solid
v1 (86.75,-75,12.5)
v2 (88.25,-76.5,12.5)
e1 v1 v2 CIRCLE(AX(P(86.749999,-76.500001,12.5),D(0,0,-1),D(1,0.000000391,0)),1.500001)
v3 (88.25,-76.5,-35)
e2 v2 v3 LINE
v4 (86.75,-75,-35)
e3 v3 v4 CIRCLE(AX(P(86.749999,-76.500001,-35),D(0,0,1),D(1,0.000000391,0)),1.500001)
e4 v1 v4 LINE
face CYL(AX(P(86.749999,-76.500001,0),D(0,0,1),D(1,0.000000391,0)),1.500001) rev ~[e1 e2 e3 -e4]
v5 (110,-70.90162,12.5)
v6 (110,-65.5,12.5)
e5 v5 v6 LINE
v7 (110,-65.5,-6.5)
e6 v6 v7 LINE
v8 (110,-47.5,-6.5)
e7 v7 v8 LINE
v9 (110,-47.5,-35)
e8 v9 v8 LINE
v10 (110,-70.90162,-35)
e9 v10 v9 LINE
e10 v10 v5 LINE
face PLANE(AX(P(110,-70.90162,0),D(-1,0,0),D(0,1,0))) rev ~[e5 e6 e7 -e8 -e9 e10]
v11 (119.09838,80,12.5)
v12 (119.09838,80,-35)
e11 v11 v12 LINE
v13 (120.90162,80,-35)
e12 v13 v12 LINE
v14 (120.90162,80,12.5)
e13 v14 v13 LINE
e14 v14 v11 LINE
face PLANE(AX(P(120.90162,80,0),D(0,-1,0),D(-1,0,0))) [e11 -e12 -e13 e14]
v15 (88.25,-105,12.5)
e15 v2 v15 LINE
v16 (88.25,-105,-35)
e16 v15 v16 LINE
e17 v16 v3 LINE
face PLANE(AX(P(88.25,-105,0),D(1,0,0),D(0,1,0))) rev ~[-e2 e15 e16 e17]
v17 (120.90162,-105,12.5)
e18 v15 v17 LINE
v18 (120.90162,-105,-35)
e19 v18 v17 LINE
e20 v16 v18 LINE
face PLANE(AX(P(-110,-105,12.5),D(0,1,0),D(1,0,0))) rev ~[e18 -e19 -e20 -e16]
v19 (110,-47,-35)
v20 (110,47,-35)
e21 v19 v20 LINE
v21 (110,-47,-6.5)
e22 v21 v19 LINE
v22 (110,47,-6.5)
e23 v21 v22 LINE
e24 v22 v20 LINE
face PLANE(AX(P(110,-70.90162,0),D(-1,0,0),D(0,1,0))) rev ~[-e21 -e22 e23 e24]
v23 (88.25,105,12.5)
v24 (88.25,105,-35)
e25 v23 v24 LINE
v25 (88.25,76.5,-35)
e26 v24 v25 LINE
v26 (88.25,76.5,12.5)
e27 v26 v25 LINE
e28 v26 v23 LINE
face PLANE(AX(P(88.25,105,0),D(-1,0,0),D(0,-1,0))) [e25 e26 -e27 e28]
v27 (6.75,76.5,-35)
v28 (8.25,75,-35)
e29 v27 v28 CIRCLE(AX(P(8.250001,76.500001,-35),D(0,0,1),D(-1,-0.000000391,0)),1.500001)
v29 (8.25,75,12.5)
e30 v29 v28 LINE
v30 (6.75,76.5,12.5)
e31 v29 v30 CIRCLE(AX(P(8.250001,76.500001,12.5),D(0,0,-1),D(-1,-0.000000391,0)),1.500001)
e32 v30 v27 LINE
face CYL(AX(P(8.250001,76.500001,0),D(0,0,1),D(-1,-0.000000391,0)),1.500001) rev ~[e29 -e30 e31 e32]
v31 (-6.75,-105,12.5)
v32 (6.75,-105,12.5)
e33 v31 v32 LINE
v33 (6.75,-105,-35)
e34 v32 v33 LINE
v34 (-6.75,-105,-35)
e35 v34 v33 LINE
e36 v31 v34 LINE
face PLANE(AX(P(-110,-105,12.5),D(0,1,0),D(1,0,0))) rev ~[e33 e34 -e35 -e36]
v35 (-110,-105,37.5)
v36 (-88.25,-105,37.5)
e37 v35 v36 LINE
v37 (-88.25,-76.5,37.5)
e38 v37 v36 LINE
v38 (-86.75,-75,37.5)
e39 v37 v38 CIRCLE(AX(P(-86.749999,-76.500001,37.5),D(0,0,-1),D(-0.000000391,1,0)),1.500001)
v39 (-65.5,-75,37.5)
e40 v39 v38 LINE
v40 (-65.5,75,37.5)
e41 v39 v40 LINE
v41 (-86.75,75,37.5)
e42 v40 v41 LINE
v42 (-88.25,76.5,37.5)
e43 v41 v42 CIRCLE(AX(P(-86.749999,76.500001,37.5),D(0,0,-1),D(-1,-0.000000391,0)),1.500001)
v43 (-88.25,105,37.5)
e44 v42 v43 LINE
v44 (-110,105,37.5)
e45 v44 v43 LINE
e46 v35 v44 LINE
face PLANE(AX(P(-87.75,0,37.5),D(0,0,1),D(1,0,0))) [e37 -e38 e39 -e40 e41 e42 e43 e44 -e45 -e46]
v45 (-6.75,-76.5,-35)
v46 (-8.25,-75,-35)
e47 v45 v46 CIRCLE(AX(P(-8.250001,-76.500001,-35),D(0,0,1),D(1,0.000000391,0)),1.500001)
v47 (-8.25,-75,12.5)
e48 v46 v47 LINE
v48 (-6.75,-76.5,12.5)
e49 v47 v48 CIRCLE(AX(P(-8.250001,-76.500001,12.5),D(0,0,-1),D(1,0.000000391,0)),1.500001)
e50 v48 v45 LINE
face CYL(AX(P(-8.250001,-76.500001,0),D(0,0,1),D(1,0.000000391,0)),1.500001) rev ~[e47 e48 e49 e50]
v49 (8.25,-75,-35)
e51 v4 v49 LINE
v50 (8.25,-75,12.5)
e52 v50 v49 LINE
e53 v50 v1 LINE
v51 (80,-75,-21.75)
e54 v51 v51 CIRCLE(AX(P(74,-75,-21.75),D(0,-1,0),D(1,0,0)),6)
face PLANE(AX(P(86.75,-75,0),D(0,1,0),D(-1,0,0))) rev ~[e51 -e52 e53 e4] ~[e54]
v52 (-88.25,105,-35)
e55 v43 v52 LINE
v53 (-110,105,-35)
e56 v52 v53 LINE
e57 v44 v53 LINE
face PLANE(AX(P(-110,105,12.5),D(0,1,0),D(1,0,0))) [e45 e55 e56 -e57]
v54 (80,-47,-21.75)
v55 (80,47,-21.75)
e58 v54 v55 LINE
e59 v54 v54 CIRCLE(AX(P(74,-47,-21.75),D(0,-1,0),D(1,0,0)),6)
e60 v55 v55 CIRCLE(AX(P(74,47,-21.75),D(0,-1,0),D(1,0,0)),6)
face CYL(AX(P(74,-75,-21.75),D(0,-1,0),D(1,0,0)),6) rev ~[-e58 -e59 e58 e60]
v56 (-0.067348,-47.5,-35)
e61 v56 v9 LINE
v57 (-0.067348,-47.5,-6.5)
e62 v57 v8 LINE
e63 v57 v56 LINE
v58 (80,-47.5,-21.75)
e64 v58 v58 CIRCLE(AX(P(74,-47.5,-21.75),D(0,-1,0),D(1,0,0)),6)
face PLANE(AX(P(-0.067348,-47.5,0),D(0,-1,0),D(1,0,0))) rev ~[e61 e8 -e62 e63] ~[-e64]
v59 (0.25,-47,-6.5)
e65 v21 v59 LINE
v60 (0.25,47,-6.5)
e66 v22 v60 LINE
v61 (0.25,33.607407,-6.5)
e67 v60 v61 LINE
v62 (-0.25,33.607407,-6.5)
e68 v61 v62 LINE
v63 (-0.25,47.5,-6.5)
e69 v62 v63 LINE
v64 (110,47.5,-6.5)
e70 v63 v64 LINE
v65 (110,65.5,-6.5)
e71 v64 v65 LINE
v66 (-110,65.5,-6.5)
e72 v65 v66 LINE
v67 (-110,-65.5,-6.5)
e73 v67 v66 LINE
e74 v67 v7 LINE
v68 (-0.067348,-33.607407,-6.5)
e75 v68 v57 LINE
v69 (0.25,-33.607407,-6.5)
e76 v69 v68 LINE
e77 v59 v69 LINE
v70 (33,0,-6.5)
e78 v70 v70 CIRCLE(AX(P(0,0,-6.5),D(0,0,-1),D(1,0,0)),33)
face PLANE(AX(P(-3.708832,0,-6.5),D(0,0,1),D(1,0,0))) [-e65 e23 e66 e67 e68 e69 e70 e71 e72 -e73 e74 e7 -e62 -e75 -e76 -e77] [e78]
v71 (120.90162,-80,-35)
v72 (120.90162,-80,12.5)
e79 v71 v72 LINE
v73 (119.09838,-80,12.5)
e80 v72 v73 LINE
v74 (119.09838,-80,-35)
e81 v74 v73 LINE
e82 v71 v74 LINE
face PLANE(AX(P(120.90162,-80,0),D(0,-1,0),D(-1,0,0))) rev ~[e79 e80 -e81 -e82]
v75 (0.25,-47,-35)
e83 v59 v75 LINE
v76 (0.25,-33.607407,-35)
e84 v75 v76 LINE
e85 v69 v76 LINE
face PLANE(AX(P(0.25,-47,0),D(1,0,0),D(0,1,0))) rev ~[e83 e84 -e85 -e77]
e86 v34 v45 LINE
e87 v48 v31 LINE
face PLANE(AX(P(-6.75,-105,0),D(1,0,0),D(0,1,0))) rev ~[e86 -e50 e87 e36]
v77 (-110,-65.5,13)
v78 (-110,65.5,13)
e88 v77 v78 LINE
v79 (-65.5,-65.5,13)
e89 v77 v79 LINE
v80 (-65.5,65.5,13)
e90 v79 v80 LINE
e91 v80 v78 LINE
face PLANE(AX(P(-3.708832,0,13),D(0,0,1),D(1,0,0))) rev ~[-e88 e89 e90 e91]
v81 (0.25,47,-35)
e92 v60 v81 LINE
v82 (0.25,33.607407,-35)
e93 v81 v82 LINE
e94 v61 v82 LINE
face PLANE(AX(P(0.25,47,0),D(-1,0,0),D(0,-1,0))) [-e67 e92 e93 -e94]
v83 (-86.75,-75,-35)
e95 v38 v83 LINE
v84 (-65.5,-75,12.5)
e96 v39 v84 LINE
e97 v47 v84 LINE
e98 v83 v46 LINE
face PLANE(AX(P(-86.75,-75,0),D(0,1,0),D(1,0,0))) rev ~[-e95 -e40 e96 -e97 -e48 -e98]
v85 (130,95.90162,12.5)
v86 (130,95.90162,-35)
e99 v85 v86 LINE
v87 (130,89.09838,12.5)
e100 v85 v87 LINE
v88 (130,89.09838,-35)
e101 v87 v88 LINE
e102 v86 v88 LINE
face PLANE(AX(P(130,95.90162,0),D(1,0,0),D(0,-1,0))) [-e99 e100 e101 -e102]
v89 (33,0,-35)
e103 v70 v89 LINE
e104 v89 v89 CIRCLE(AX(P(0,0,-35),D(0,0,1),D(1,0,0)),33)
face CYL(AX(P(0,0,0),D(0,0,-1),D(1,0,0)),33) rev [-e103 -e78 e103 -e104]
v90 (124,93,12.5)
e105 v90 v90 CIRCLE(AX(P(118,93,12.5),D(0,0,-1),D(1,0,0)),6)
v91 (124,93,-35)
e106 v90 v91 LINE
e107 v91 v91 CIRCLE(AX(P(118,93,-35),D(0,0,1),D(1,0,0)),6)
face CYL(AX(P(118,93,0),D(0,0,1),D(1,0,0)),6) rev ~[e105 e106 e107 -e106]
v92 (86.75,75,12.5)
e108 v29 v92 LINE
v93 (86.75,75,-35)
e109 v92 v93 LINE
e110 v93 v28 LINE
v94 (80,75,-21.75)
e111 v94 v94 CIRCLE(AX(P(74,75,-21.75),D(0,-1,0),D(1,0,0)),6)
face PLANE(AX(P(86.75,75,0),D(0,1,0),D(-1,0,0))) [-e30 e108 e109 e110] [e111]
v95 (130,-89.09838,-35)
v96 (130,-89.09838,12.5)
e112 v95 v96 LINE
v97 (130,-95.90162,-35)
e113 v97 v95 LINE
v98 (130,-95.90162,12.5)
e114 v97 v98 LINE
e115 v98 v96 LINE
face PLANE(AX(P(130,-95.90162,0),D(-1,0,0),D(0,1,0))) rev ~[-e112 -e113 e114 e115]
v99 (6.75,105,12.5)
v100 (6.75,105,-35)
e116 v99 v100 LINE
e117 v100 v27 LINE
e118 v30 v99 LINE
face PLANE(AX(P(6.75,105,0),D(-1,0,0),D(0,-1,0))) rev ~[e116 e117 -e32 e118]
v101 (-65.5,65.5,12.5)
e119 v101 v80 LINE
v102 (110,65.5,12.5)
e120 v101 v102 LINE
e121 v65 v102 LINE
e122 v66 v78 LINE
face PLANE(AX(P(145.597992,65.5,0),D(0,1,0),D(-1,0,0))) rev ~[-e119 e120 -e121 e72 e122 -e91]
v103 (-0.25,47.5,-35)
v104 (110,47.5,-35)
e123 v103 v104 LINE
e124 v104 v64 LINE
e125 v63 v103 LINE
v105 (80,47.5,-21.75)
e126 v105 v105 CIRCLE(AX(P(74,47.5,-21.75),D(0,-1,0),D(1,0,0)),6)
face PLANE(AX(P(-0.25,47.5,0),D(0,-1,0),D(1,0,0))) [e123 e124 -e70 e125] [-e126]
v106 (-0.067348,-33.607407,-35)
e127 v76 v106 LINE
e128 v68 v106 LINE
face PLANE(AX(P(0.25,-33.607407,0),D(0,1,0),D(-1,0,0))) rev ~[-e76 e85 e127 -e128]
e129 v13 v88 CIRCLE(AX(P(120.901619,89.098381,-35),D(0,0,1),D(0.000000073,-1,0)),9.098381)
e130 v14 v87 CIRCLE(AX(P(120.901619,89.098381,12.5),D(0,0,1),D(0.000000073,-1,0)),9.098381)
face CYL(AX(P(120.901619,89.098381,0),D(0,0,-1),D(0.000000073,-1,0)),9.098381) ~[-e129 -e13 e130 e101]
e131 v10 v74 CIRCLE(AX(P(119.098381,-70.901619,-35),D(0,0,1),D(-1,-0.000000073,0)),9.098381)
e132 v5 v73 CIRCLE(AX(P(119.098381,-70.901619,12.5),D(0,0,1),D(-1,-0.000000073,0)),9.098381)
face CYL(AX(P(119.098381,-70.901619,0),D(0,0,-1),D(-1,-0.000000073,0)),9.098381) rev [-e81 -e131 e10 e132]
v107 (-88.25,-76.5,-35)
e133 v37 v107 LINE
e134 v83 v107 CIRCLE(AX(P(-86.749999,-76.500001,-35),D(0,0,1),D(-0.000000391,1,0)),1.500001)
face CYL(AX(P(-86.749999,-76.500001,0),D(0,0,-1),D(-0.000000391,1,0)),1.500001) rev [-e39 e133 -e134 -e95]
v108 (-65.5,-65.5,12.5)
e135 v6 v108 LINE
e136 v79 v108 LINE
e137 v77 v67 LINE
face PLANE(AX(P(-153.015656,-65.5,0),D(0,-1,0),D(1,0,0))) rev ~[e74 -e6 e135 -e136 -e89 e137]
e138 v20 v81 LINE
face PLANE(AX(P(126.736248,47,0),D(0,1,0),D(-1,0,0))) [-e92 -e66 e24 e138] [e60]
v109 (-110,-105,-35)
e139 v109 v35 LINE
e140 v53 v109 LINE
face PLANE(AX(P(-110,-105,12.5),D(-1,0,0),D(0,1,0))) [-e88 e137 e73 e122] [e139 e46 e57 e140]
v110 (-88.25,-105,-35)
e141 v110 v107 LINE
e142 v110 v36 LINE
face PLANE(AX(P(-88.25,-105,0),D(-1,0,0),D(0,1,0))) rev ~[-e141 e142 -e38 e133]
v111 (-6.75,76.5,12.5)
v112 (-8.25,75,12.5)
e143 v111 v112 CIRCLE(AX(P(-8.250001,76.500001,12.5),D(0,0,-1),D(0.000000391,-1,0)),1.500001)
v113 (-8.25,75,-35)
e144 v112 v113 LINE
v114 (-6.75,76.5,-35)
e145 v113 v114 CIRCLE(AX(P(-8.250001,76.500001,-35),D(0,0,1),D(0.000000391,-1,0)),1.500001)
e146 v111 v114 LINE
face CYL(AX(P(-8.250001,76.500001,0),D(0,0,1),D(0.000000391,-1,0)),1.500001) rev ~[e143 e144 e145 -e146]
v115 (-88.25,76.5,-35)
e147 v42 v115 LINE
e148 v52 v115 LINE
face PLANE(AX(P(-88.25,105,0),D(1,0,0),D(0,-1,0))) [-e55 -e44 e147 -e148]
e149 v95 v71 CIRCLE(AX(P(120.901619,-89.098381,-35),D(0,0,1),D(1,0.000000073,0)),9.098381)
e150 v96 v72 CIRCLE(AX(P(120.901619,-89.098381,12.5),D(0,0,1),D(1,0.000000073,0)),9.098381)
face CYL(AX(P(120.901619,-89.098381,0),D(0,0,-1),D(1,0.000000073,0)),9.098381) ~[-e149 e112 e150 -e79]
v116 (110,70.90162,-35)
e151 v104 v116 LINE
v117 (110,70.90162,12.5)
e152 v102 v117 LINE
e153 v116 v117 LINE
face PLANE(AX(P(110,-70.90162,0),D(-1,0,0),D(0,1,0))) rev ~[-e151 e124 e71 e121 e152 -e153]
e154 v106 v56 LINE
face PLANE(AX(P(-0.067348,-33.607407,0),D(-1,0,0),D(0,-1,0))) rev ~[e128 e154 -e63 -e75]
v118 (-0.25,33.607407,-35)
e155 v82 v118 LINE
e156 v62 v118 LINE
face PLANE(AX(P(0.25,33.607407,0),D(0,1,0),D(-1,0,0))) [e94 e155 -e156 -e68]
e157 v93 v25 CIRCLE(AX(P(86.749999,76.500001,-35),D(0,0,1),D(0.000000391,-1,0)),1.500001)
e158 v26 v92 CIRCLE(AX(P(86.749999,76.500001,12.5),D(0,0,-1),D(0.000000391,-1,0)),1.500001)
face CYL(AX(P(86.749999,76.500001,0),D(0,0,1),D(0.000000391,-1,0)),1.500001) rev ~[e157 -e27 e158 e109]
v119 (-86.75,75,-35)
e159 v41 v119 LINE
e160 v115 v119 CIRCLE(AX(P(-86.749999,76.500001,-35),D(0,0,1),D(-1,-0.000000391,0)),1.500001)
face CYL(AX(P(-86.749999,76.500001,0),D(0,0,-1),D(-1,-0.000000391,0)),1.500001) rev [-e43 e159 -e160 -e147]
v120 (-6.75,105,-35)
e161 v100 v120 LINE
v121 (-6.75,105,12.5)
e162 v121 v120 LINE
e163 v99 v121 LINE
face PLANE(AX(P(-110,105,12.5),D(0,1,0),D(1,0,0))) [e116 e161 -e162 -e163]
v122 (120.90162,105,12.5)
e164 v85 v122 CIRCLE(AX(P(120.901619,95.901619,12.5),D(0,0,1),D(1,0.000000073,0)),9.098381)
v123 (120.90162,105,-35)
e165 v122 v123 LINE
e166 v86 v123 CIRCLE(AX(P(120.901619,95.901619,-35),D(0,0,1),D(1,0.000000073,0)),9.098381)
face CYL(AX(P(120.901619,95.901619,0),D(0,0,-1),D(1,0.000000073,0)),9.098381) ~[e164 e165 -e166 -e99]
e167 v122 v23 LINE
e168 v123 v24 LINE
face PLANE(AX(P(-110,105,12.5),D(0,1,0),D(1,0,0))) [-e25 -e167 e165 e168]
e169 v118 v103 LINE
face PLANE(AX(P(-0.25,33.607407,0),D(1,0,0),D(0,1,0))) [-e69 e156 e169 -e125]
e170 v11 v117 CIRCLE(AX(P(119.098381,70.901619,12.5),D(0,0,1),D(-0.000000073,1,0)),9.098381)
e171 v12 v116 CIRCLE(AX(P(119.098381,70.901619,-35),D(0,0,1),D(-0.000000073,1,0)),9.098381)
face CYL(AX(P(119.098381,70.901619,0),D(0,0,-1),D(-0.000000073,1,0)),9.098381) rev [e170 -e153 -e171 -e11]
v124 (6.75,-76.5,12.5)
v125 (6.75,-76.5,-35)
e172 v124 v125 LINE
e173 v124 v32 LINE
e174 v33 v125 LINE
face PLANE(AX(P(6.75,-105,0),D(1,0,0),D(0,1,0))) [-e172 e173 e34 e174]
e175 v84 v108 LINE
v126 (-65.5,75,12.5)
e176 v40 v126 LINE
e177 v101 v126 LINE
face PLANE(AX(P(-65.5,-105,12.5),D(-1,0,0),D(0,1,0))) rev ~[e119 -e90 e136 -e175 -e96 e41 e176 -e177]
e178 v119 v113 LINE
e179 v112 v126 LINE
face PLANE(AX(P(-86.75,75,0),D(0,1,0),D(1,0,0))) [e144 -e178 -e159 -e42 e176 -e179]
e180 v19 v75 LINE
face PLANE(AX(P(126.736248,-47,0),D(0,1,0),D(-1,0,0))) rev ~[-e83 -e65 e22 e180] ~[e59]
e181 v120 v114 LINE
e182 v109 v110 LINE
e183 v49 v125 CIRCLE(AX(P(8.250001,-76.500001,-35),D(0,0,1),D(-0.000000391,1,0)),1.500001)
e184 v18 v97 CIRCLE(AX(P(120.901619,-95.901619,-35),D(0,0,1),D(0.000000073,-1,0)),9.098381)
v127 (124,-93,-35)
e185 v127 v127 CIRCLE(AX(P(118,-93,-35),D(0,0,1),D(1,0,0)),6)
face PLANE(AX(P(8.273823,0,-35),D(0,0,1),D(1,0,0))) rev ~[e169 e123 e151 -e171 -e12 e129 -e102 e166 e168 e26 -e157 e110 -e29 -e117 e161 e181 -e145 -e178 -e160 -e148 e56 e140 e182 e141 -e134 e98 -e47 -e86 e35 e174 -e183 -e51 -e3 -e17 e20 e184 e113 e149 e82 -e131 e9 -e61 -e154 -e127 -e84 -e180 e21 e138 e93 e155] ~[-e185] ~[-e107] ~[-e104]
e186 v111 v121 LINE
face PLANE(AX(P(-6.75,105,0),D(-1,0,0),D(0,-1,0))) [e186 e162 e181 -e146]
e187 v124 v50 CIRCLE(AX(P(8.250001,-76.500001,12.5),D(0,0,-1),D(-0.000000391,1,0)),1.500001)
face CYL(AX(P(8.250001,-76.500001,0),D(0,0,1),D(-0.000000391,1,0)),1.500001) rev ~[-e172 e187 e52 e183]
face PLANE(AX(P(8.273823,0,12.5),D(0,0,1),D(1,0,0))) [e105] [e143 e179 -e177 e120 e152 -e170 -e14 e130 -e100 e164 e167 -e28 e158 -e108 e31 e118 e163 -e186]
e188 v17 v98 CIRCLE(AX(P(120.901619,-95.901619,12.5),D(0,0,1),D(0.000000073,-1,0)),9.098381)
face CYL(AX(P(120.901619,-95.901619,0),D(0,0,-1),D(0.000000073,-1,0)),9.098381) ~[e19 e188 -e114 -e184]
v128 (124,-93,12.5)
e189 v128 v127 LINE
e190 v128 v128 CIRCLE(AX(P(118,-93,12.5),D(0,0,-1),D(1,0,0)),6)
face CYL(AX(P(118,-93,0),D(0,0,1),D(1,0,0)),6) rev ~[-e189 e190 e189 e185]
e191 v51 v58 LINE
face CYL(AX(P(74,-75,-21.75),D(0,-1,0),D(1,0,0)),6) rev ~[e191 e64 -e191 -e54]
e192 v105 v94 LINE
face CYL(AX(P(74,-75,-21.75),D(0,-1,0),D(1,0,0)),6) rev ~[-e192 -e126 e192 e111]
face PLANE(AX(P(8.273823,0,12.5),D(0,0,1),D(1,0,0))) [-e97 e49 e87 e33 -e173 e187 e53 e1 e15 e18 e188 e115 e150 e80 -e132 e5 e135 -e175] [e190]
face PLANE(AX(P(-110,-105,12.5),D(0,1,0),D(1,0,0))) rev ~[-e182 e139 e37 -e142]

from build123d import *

# Parameters (mm, degrees)
SKETCH021_R          = 33
PAD012_DEPTH         = 35
PAD012_DEPTH_BACK    = 12.5
PAD013_START         = 12.5
SKETCH022_W          = 44.5
SKETCH022_H          = 210
PAD013_DEPTH         = 25
POCKET005_DEPTH      = 6.5
POCKET005_DEPTH_BACK = 13
SKETCH_2_R           = 6
POCKET006_DEPTH      = 50
POCKET006_DEPTH_BACK = 50
SKETCH028_R          = 6
POCKET011_DEPTH      = 180.001


with BuildPart() as part:
    # Sketch021 → Pad012 (new body, two sides)
    with BuildSketch(Plane.XY) as pad012_sk:
        with BuildLine():
            Line((-110, -105), (110, -105))
            Line((110, -105), (120.90162, -105))
            ThreePointArc((120.90162, -105), (127.335146, -102.335146), (130, -95.90162))
            Line((130, -95.90162), (130, -89.09838))
            ThreePointArc((130, -89.09838), (127.335146, -82.664854), (120.90162, -80))
            Line((120.90162, -80), (119.09838, -80))
            ThreePointArc((110, -70.90162), (112.664854, -77.335146), (119.09838, -80))
            Line((110, -70.90162), (110, 0))
            Line((110, 70.90162), (110, 0))
            ThreePointArc((119.09838, 80), (112.664854, 77.335146), (110, 70.90162))
            Line((120.90162, 80), (119.09838, 80))
            ThreePointArc((120.90162, 80), (127.335146, 82.664854), (130, 89.09838))
            Line((130, 95.90162), (130, 89.09838))
            ThreePointArc((130, 95.90162), (127.335146, 102.335146), (120.90162, 105))
            Line((110, 105), (120.90162, 105))
            Line((110, 105), (-110, 105))
            Line((-110, 105), (-110, 0))
            Line((-110, -105), (-110, 0))
        make_face()
        Circle(SKETCH021_R, mode=Mode.SUBTRACT)
    extrude(amount=-PAD012_DEPTH)
    extrude(pad012_sk.sketch, amount=PAD012_DEPTH_BACK)

    # Sketch022 → Pad013 (join)
    with BuildSketch(Plane.XY.offset(PAD013_START)):
        with Locations((-87.75, 0)):
            Rectangle(SKETCH022_W, SKETCH022_H)
    extrude(amount=PAD013_DEPTH)

    # Sketch_1 → Pocket005 (cut, two sides)
    with BuildSketch(Plane.XY) as pocket005_sk:
        Polygon((145.597992, 65.5), (0, 65.5), (-153.015656, 65.5), (-153.015656, -65.5), (0, -65.5), (145.597992, -65.5), align=None)
    extrude(amount=-POCKET005_DEPTH, mode=Mode.SUBTRACT)
    extrude(pocket005_sk.sketch, amount=POCKET005_DEPTH_BACK, mode=Mode.SUBTRACT)

    # Sketch_2 → Pocket006 (cut, two sides)
    with BuildSketch(Plane.XY) as pocket006_sk:
        with Locations((-118, 93)):
            Circle(SKETCH_2_R)
        with Locations((118, 93)):
            Circle(SKETCH_2_R)
        with Locations((-118, -93)):
            Circle(SKETCH_2_R)
        with Locations((118, -93)):
            Circle(SKETCH_2_R)
        Polygon((-0.25, 33.607407), (-0.25, 47.5), (126.736248, 47.5), (126.736248, 47), (0.25, 47), (0.25, 33.607407), align=None)
        with BuildLine():
            ThreePointArc((86.75, 75), (87.81066, 75.43934), (88.25, 76.5))
            Line((88.25, 105), (88.25, 76.5))
            Line((88.25, 105), (6.75, 105))
            Line((6.75, 105), (6.75, 76.5))
            ThreePointArc((6.75, 76.5), (7.18934, 75.43934), (8.25, 75))
            Line((86.75, 75), (8.25, 75))
        make_face()
        Polygon((-0.067348, -33.607407), (-0.067348, -47.5), (126.736248, -47.5), (126.736248, -47), (0.25, -47), (0.25, -33.607407), align=None)
        with BuildLine():
            ThreePointArc((-88.25, 76.5), (-87.81066, 75.43934), (-86.75, 75))
            Line((-86.75, 75), (-8.25, 75))
            ThreePointArc((-8.25, 75), (-7.18934, 75.43934), (-6.75, 76.5))
            Line((-6.75, 105), (-6.75, 76.5))
            Line((-88.25, 105), (-6.75, 105))
            Line((-88.25, 105), (-88.25, 76.5))
        make_face()
        with BuildLine():
            ThreePointArc((88.25, -76.5), (87.81066, -75.43934), (86.75, -75))
            Line((86.75, -75), (8.25, -75))
            ThreePointArc((8.25, -75), (7.18934, -75.43934), (6.75, -76.5))
            Line((6.75, -105), (6.75, -76.5))
            Line((88.25, -105), (6.75, -105))
            Line((88.25, -105), (88.25, -76.5))
        make_face()
        with BuildLine():
            ThreePointArc((-86.75, -75), (-87.81066, -75.43934), (-88.25, -76.5))
            Line((-88.25, -105), (-88.25, -76.5))
            Line((-88.25, -105), (-6.75, -105))
            Line((-6.75, -105), (-6.75, -76.5))
            ThreePointArc((-6.75, -76.5), (-7.18934, -75.43934), (-8.25, -75))
            Line((-86.75, -75), (-8.25, -75))
        make_face()
    extrude(amount=-POCKET006_DEPTH, mode=Mode.SUBTRACT)
    extrude(pocket006_sk.sketch, amount=POCKET006_DEPTH_BACK, mode=Mode.SUBTRACT)

    # Sketch028 → Pocket011 (cut, through all)
    with BuildSketch(Plane.XZ.offset(75)):
        with Locations((74, -21.75)):
            Circle(SKETCH028_R)
    extrude(amount=-POCKET011_DEPTH, mode=Mode.SUBTRACT)


solid = part.part
